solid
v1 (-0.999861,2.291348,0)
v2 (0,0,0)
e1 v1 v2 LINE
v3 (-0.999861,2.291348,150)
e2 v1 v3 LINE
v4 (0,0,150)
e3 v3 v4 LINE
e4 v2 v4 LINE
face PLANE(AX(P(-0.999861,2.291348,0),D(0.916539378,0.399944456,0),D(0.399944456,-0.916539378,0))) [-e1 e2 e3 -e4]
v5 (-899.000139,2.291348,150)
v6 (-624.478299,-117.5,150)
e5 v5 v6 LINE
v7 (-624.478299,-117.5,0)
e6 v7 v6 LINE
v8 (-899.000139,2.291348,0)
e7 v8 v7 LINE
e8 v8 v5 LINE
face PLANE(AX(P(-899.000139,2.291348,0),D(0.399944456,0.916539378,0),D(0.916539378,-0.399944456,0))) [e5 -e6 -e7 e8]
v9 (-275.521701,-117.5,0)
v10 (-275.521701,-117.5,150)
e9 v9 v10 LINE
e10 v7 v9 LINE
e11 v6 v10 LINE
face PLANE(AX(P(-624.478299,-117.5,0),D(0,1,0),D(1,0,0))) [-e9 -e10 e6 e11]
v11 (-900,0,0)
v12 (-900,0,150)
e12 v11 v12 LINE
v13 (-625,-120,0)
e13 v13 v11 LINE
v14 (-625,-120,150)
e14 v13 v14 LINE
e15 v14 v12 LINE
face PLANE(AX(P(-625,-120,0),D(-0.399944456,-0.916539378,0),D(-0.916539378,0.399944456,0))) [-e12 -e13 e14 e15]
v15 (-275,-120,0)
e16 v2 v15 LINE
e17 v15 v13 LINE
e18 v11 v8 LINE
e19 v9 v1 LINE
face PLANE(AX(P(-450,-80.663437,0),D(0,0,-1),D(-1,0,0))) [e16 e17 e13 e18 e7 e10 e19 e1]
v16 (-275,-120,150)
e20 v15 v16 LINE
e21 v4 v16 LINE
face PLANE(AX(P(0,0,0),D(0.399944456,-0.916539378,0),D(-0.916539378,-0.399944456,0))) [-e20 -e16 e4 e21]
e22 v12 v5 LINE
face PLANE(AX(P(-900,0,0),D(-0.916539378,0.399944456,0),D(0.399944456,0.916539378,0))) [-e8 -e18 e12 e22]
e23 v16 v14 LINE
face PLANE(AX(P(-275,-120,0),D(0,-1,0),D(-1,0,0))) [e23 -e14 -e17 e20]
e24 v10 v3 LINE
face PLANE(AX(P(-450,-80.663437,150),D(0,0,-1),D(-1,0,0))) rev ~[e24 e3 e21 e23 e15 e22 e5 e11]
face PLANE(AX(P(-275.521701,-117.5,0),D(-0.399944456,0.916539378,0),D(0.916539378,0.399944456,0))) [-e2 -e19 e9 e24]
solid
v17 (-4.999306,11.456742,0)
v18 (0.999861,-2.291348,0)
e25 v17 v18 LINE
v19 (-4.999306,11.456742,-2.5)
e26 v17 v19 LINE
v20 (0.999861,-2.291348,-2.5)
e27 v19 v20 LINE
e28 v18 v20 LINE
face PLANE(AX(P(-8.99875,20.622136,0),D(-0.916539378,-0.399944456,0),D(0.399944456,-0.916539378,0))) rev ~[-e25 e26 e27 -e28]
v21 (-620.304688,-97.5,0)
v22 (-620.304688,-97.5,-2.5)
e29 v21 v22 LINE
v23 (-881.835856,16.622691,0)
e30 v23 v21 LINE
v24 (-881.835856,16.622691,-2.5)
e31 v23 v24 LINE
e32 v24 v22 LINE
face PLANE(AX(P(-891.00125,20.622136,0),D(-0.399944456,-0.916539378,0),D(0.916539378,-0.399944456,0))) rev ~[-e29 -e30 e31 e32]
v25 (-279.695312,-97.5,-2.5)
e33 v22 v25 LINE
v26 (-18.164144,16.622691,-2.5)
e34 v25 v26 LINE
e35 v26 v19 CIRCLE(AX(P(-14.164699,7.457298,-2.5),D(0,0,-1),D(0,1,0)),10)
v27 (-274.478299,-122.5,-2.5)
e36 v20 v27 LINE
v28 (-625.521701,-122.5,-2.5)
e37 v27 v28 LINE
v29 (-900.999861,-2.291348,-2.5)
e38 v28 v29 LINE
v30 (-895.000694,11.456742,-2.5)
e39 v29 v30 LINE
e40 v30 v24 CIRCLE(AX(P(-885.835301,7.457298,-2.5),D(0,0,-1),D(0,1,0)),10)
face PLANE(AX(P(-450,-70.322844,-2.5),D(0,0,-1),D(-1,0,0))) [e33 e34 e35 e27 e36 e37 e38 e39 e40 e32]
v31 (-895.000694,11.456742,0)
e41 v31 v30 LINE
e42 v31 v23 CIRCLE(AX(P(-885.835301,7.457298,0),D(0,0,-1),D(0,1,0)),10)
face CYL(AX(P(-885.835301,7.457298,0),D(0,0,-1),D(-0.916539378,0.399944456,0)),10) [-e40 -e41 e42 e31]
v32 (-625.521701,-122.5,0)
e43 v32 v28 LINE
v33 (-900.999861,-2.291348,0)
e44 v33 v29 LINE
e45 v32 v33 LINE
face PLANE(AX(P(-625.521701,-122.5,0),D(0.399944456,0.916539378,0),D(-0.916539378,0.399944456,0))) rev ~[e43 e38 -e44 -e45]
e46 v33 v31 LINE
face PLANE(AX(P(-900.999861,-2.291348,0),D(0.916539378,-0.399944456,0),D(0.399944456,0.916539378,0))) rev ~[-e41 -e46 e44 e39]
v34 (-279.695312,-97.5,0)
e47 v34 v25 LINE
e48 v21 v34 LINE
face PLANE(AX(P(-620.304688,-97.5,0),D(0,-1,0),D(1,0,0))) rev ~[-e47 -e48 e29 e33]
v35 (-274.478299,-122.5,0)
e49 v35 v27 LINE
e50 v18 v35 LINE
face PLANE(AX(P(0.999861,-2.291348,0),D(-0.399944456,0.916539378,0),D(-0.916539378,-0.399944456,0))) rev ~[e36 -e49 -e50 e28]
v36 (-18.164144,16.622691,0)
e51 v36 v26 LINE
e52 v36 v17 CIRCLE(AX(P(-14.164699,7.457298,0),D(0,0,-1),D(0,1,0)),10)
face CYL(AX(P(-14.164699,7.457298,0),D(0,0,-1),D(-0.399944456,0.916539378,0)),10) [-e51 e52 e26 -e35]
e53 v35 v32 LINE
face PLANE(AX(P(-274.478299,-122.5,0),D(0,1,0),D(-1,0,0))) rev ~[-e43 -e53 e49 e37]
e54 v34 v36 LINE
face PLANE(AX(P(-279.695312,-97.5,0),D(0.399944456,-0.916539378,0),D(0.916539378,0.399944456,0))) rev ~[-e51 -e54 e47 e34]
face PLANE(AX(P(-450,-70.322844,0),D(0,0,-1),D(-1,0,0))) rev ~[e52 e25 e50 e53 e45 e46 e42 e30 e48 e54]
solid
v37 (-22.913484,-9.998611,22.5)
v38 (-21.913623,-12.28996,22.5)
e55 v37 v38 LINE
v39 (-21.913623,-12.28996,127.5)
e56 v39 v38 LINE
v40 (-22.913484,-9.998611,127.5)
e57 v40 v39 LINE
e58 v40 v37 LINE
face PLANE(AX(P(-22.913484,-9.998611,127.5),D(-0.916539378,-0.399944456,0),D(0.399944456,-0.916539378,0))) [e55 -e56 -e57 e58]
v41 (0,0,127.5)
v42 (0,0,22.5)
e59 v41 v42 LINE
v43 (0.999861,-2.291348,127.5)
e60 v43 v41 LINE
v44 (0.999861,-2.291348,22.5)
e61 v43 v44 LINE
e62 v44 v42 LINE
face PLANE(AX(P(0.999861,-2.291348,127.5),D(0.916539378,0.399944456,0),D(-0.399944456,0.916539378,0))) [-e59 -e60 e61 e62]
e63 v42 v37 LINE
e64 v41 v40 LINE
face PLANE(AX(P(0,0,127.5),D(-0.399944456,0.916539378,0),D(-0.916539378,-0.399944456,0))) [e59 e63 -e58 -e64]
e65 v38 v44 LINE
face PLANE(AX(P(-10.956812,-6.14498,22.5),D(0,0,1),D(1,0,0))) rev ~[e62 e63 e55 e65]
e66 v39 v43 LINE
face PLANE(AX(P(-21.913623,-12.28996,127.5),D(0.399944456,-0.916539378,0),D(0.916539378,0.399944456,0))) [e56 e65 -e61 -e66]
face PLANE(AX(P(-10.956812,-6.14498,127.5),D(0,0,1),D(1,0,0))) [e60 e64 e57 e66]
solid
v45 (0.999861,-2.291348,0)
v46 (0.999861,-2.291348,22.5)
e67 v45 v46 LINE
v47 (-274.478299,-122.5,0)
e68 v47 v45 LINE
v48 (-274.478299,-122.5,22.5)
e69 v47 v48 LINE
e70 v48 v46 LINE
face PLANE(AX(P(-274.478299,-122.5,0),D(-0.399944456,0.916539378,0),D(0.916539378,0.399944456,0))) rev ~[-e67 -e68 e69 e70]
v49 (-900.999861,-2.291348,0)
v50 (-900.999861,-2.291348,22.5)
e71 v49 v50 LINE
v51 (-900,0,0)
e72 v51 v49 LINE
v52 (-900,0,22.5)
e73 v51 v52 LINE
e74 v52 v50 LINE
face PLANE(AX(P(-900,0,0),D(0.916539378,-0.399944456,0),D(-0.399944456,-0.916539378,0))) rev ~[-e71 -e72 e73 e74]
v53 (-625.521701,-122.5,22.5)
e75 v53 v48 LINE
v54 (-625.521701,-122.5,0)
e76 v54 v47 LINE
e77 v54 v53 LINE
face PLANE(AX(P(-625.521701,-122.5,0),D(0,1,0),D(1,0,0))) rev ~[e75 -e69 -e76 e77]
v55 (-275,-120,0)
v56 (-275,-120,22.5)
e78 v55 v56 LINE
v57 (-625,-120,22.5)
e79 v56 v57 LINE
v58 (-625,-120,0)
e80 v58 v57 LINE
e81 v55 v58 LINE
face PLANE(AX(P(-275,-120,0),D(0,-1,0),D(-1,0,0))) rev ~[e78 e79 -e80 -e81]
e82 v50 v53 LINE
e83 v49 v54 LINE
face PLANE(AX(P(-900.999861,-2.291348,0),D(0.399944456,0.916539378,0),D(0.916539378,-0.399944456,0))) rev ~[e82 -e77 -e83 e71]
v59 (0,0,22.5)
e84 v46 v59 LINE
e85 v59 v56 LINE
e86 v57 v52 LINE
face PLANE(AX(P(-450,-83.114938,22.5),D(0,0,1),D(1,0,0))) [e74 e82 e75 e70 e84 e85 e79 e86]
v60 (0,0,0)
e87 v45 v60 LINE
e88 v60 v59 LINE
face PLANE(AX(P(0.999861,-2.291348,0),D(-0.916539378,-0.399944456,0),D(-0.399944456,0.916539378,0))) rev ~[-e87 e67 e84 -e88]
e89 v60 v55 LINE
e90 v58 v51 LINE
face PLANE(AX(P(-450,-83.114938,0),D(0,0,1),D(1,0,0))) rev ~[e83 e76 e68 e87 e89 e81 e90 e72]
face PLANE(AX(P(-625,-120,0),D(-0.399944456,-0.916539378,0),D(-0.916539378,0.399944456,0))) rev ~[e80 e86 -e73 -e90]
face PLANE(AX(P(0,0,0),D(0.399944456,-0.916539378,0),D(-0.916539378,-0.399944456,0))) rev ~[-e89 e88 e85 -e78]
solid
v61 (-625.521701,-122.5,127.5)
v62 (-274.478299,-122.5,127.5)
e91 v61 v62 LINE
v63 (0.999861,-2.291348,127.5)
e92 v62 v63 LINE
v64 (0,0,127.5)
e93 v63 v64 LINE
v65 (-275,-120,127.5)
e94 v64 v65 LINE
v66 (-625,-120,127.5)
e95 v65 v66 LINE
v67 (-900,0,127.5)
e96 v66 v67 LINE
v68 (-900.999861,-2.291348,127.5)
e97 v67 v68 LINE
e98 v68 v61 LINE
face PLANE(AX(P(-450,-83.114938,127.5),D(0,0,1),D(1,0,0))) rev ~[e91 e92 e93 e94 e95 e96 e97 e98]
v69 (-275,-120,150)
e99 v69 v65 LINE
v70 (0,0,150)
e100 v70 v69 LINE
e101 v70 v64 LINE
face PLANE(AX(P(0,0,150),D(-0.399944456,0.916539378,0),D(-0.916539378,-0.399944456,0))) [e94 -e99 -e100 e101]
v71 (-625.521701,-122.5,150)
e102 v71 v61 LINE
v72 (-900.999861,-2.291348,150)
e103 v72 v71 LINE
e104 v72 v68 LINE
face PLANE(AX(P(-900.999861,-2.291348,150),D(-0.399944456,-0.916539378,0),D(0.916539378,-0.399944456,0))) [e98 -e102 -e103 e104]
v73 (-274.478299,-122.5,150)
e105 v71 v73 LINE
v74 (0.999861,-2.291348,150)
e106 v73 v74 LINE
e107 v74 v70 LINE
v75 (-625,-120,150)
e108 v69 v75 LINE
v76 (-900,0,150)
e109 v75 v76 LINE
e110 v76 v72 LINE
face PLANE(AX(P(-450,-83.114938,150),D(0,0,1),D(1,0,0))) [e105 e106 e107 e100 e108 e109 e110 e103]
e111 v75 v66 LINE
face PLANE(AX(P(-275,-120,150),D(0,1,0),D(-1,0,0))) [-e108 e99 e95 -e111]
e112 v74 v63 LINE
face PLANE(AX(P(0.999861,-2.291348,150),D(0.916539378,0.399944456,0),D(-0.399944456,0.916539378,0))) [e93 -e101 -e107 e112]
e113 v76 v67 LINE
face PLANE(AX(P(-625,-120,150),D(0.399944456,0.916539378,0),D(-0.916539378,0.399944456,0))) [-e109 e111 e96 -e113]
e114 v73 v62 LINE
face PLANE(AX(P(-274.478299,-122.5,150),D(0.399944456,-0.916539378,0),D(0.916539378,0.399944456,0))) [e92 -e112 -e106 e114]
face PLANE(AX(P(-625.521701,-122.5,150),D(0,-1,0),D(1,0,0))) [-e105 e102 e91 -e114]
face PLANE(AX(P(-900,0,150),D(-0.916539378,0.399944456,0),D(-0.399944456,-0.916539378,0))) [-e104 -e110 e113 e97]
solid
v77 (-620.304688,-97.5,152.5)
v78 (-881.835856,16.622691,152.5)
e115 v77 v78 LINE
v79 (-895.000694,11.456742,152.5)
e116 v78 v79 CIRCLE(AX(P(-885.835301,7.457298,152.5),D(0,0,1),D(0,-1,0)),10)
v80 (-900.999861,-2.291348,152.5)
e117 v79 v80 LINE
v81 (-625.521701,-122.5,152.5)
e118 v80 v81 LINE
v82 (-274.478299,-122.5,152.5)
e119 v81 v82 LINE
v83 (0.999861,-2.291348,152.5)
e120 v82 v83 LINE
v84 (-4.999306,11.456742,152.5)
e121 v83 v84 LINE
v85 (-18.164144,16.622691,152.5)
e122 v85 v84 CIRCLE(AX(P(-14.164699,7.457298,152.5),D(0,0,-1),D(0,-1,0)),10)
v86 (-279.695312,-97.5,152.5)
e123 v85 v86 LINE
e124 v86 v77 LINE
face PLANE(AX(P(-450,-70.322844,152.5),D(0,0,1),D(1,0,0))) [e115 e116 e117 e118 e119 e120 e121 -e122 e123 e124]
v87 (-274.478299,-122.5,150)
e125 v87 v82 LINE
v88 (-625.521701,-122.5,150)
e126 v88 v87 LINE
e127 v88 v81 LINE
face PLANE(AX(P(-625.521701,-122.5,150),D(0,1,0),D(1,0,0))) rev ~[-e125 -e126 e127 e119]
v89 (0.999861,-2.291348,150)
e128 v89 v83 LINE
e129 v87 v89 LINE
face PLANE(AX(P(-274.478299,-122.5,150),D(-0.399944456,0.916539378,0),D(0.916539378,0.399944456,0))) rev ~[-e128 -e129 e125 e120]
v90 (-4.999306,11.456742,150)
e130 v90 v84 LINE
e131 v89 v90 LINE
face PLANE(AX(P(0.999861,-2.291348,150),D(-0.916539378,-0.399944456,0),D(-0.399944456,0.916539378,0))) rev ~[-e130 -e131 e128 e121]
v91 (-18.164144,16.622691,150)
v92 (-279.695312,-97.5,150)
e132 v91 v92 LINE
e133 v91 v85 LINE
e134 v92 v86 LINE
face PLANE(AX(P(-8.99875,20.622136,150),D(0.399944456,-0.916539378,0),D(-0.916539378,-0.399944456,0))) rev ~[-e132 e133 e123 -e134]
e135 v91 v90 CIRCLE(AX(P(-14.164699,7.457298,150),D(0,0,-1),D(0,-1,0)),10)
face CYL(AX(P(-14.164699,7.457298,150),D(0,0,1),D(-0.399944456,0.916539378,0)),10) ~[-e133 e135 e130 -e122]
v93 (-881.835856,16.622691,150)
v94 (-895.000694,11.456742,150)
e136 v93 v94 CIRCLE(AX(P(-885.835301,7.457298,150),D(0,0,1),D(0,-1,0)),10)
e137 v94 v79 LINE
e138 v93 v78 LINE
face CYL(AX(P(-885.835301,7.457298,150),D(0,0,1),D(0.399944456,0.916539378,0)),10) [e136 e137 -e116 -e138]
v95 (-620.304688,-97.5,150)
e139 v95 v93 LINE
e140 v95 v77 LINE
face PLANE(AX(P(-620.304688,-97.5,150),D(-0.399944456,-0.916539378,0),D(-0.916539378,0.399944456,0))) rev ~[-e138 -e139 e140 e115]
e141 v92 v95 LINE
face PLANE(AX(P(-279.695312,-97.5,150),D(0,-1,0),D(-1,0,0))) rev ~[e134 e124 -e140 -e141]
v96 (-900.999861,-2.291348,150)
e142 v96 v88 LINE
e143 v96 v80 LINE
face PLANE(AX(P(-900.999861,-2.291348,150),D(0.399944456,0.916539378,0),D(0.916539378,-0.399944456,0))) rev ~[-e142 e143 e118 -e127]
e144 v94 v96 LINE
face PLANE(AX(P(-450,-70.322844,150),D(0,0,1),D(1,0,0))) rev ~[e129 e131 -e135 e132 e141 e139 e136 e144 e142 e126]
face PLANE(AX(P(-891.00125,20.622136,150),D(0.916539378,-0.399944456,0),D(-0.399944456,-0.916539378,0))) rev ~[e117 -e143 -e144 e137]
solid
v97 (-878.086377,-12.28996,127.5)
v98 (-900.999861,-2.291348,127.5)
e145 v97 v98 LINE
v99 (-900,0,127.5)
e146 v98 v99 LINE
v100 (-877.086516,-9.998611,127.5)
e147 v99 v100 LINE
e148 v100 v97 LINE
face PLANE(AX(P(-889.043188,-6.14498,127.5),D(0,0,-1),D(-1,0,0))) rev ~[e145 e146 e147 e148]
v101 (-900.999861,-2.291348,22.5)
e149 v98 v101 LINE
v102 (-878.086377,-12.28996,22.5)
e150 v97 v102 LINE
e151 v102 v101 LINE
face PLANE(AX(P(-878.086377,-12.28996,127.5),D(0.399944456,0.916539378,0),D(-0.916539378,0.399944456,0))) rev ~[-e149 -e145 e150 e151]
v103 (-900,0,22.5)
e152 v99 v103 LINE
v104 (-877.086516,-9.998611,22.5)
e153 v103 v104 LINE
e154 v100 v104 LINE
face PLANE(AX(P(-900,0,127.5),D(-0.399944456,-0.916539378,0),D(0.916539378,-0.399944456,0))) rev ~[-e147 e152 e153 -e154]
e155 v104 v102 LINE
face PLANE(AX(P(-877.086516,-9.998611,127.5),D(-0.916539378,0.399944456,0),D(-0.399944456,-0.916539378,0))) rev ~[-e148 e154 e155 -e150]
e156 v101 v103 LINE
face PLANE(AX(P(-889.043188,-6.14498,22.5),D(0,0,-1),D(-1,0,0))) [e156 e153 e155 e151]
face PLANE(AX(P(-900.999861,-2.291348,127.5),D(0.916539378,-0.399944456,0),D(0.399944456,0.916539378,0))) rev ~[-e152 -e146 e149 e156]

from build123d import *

# Parameters (mm, degrees)
BOSS_EXTRU_1_DEPTH   = 150
BOSS_EXTRU_2_DEPTH   = 22.5
BOSS_EXTRU_3_DEPTH   = 22.5
BOSS_EXTRU_4_DEPTH   = 105
BOSS_EXTRU_4_2_DEPTH = 105
BOSS_EXTRU_5_DEPTH   = 2.5
BOSS_EXTRU_6_DEPTH   = 2.5
CONG_1_R             = 10
CONG_2_R             = 10
CONG_3_R             = 10
CONG_4_R             = 10


with BuildPart() as part:
    # Esquisse1 → Boss.-Extru.1 (new body)
    with BuildSketch(Plane.XY):
        Polygon((0, 0), (-275, -120), (-625, -120), (-900, 0), (-899.00013886, 2.291348446), (-624.478298671, -117.5), (-275.521701329, -117.5), (-0.99986114, 2.291348446), align=None)
    extrude(amount=BOSS_EXTRU_1_DEPTH)


with BuildPart() as body_2:
    # Esquisse2 → Boss.-Extru.2 (new body)
    with BuildSketch(Plane(origin=(0, 0, 0), x_dir=(-1, 0, 0), z_dir=(0, 0, -1))):
        Polygon((0, 0), (275, -120), (625, -120), (900, 0), (900.99986114, -2.291348446), (625.521701329, -122.5), (274.478298671, -122.5), (-0.99986114, -2.291348446), align=None)
    extrude(amount=-BOSS_EXTRU_2_DEPTH)


with BuildPart() as body_3:
    # Esquisse3 → Boss.-Extru.3 (new body)
    with BuildSketch(Plane.XY.offset(150)):
        Polygon((-900, 0), (-900.99986114, -2.291348446), (-625.521701329, -122.5), (-274.478298671, -122.5), (0.99986114, -2.291348446), (0, 0), (-275, -120), (-625, -120), align=None)
    extrude(amount=-BOSS_EXTRU_3_DEPTH)


with BuildPart() as body_4:
    # Esquisse4 → Boss.-Extru.4 (new body)
    with BuildSketch(Plane(origin=(0, 0, 127.5), x_dir=(-1, 0, 0), z_dir=(0, 0, -1))):
        Polygon((900.99986114, -2.291348446), (900, 0), (877.086515541, -9.9986114), (878.086376681, -12.289959846), align=None)
    extrude(amount=BOSS_EXTRU_4_DEPTH)


with BuildPart() as body_5:
    # Esquisse4 → Boss.-Extru.4 2 (new body)
    with BuildSketch(Plane(origin=(0, 0, 127.5), x_dir=(-1, 0, 0), z_dir=(0, 0, -1))):
        Polygon((-0.99986114, -2.291348446), (0, 0), (22.913484459, -9.9986114), (21.913623319, -12.289959846), align=None)
    extrude(amount=BOSS_EXTRU_4_2_DEPTH)


with BuildPart() as body_6:
    # Esquisse5 → Boss.-Extru.5 (new body)
    with BuildSketch(Plane.XY.offset(150)):
        Polygon((0.99986114, -2.291348446), (-8.99875026, 20.622136013), (-279.695311958, -97.5), (-620.304688042, -97.5), (-891.00124974, 20.622136013), (-900.99986114, -2.291348446), (-625.521701329, -122.5), (-274.478298671, -122.5), align=None)
    extrude(amount=BOSS_EXTRU_5_DEPTH)

    # Congé2
    cong_2_edges = [body_6.edges().sort_by_distance(p)[0] for p in [
        (-891.00124974, 20.622136013, 151.25),
    ]]
    fillet(cong_2_edges, radius=CONG_2_R)

    # Congé3
    cong_3_edges = [body_6.edges().sort_by_distance(p)[0] for p in [
        (-8.99875026, 20.622136013, 151.25),
    ]]
    fillet(cong_3_edges, radius=CONG_3_R)


with BuildPart() as body_7:
    # Esquisse6 → Boss.-Extru.6 (new body)
    with BuildSketch(Plane(origin=(0, 0, 0), x_dir=(-1, 0, 0), z_dir=(0, 0, -1))):
        Polygon((8.99875026, 20.622136013), (-0.99986114, -2.291348446), (274.478298671, -122.5), (625.521701329, -122.5), (900.99986114, -2.291348446), (891.00124974, 20.622136013), (620.304688042, -97.5), (279.695311958, -97.5), align=None)
    extrude(amount=BOSS_EXTRU_6_DEPTH)

    # Congé1
    cong_1_edges = [body_7.edges().sort_by_distance(p)[0] for p in [
        (-891.00124974, 20.622136013, -1.25),
    ]]
    fillet(cong_1_edges, radius=CONG_1_R)

    # Congé4
    cong_4_edges = [body_7.edges().sort_by_distance(p)[0] for p in [
        (-8.99875026, 20.622136013, -1.25),
    ]]
    fillet(cong_4_edges, radius=CONG_4_R)


solid = Compound([part.part, body_2.part, body_3.part, body_4.part, body_5.part, body_6.part, body_7.part])
